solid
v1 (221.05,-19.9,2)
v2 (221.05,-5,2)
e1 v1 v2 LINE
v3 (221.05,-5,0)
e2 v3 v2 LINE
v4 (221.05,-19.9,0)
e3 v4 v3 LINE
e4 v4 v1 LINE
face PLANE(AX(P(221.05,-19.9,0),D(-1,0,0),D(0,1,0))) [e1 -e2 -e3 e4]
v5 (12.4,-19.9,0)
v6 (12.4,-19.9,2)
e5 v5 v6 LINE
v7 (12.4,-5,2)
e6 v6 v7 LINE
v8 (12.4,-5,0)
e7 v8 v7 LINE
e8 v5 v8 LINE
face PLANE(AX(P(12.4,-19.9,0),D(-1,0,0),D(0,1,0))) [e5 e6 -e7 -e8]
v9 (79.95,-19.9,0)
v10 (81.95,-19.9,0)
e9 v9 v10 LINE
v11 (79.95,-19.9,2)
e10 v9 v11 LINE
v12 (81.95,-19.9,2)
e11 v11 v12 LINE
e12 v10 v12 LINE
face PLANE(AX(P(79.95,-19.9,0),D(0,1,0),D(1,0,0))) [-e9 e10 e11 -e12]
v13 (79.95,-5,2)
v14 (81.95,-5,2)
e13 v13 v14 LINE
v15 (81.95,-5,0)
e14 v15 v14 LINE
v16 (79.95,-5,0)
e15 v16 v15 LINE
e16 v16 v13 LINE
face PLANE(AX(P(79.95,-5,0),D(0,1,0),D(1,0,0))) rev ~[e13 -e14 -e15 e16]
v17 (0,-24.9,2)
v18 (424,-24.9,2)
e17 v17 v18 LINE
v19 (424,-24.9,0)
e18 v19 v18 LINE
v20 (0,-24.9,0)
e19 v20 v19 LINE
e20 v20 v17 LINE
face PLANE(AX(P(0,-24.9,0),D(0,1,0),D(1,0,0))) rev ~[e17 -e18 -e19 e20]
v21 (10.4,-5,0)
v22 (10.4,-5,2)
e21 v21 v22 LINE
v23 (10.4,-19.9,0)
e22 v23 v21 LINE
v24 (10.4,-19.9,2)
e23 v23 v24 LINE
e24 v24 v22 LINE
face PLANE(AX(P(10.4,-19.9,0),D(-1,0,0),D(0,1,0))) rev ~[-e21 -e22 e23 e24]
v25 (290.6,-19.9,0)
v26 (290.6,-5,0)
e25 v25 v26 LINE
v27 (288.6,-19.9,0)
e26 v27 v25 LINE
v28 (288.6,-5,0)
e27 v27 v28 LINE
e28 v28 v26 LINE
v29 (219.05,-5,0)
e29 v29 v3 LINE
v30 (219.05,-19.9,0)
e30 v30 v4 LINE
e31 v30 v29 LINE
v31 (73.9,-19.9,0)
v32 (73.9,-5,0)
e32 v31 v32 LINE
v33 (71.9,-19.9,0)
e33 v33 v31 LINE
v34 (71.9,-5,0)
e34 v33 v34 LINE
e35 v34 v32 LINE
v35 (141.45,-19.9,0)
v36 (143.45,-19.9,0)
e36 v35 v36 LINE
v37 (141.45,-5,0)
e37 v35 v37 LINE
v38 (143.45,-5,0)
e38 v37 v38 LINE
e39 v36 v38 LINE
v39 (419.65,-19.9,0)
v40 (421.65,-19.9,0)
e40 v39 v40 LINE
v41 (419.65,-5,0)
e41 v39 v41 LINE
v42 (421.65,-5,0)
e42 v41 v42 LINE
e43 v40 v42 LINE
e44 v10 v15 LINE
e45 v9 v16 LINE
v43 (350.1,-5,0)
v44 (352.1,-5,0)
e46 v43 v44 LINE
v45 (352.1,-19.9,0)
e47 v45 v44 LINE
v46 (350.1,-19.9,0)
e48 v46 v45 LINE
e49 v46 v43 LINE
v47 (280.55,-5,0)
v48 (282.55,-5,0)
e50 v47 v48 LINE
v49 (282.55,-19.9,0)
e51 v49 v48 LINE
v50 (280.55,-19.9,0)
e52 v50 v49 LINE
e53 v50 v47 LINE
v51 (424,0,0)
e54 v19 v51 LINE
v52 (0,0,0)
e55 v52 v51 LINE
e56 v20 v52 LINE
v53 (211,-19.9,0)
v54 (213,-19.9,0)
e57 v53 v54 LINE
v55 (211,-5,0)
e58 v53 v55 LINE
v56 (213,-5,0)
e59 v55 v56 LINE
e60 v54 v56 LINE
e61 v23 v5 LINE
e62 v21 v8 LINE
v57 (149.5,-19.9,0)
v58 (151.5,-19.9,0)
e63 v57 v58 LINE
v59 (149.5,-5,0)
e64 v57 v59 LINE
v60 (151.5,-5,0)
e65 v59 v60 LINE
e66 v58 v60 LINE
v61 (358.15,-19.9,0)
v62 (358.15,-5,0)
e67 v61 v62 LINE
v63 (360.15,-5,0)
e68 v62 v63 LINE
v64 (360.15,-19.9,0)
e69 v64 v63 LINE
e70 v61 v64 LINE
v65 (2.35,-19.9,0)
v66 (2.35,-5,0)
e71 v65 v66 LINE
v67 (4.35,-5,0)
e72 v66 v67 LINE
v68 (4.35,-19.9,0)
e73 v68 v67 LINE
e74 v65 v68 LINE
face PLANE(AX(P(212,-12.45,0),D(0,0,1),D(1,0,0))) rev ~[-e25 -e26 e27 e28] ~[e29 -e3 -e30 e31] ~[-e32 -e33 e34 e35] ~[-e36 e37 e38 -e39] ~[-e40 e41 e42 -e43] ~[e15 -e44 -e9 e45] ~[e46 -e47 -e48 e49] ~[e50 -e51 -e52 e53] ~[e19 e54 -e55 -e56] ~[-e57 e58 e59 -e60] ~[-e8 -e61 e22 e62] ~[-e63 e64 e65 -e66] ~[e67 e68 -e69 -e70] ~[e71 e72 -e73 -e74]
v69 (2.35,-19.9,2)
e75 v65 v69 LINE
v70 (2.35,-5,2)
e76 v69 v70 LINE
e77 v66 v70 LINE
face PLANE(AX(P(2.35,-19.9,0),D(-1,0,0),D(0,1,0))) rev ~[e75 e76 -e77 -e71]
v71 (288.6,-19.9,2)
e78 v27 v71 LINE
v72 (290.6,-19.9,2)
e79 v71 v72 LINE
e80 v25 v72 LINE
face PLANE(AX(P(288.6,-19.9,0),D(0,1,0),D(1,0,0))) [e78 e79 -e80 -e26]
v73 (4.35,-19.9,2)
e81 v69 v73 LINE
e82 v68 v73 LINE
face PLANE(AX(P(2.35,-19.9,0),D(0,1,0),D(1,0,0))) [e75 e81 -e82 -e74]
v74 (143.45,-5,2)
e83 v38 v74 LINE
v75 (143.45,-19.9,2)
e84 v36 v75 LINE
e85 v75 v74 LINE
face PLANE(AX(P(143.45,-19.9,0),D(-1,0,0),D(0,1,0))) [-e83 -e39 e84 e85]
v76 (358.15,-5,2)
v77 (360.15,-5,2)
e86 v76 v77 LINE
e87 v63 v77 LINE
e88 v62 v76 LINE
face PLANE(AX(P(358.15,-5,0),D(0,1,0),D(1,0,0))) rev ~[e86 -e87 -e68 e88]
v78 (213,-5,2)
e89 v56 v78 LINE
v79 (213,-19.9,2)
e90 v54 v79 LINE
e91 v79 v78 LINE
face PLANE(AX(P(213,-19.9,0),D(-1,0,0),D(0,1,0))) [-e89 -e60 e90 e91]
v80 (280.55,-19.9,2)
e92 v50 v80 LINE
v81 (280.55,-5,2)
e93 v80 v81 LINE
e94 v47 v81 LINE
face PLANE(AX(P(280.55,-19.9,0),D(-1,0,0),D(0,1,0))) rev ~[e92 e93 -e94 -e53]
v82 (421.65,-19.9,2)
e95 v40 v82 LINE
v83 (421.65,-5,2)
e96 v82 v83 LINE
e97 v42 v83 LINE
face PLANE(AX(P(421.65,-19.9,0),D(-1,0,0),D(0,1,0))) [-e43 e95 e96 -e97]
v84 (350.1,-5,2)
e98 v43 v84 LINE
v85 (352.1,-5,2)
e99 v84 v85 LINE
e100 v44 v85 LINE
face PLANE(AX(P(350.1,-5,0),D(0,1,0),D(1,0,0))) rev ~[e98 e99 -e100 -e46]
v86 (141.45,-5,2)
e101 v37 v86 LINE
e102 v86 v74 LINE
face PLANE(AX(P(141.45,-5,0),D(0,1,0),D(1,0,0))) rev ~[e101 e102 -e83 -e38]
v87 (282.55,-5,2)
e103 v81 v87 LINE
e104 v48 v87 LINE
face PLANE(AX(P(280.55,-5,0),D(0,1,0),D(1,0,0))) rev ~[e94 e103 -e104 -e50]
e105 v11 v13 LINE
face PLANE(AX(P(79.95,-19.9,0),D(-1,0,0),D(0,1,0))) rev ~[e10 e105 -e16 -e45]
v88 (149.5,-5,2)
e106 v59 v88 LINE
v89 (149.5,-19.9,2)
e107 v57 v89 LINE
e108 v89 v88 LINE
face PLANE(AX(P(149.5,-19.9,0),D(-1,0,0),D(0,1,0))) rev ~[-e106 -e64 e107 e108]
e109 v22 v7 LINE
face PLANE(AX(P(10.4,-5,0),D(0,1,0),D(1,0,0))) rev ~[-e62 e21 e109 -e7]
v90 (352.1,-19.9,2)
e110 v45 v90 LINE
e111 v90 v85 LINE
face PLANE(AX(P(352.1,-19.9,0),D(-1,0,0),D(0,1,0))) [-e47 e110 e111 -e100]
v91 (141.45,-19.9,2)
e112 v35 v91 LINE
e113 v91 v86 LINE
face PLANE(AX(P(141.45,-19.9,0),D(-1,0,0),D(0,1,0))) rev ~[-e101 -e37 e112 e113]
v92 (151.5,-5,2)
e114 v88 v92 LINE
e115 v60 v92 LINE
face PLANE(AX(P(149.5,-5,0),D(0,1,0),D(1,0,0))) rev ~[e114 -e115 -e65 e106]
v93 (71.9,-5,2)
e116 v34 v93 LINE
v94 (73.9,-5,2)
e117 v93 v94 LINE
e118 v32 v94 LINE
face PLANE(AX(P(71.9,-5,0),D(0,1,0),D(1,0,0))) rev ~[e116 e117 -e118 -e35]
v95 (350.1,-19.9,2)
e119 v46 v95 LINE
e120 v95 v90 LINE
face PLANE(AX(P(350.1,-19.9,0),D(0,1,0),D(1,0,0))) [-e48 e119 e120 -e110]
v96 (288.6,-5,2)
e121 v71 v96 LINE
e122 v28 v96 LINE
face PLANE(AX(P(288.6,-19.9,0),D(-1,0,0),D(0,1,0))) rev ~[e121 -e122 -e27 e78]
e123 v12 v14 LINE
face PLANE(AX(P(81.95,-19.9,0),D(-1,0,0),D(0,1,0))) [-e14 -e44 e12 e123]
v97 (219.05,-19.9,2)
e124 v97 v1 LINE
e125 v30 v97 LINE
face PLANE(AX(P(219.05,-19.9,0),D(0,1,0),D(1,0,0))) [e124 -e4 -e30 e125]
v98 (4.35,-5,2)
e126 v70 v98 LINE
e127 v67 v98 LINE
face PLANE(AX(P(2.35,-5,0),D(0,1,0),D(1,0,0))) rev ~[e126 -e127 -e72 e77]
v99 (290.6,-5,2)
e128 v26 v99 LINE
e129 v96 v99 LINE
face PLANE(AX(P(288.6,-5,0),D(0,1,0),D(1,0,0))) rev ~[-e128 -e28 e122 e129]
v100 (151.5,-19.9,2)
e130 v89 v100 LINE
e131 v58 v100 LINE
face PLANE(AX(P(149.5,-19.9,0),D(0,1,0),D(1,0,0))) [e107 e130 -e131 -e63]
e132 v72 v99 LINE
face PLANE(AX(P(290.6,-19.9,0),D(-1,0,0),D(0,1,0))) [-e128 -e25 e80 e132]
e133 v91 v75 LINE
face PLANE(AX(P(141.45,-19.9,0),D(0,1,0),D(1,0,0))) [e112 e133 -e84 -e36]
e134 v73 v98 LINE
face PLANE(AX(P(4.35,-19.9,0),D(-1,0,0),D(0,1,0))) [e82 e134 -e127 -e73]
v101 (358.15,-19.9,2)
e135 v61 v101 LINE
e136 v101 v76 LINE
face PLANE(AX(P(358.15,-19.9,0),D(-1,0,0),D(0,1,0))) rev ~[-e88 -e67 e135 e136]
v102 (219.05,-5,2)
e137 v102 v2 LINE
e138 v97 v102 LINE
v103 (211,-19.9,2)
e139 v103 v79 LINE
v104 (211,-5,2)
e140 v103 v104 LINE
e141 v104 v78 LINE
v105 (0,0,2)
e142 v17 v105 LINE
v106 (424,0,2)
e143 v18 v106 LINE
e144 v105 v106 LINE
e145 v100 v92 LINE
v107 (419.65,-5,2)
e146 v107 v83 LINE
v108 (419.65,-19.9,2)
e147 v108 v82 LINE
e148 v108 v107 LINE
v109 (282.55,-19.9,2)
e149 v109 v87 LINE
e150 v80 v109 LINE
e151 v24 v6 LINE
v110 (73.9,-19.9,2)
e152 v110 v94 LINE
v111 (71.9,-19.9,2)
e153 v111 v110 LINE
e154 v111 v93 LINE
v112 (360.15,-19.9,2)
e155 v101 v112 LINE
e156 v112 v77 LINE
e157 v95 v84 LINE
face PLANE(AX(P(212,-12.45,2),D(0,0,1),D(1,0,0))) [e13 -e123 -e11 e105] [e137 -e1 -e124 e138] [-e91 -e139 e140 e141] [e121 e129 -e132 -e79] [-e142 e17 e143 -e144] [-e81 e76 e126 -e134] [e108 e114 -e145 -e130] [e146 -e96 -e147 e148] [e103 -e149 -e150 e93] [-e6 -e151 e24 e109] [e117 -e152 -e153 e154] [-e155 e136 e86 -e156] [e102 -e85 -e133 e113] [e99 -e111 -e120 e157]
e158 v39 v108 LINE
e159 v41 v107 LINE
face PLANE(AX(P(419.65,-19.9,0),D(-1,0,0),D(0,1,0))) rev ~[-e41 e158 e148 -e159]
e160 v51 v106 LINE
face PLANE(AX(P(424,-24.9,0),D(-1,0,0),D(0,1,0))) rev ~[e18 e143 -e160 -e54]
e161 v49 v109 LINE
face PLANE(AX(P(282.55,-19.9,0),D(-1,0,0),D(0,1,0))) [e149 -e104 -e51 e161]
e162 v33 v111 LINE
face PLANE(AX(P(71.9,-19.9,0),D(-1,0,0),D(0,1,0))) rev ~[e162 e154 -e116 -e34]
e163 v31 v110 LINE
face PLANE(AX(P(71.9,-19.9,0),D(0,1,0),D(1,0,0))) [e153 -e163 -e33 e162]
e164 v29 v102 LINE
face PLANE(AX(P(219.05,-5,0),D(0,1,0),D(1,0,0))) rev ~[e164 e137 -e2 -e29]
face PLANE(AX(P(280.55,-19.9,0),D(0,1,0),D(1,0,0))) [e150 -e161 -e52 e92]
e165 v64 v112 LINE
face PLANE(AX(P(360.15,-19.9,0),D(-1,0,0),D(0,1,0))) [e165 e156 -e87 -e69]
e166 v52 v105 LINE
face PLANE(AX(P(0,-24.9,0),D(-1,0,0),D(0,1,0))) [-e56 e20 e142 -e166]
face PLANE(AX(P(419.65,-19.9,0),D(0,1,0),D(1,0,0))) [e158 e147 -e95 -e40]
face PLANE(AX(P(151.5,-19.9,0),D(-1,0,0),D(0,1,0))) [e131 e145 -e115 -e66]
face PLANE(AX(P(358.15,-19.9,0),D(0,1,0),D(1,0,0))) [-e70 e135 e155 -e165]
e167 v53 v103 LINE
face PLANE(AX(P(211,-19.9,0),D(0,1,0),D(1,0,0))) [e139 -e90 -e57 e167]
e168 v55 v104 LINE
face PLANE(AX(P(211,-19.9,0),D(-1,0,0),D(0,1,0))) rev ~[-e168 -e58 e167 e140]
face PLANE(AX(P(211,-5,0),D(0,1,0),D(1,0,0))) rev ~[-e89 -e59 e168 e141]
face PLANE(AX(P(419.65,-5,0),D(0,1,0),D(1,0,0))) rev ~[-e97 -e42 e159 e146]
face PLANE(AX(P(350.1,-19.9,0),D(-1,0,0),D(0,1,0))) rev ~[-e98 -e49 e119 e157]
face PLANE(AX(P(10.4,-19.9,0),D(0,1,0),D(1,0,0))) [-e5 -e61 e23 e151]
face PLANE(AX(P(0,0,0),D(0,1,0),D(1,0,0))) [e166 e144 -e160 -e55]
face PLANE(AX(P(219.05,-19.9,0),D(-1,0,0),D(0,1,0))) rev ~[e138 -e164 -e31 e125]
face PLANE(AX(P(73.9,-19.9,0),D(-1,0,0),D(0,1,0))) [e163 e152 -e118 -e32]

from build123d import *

# Parameters (mm, degrees)
SKETCH2_W           = 424
SKETCH2_H           = 24.9
SKETCH2_W_2         = 2
SKETCH2_H_2         = 14.9
BOSS_EXTRUDE1_DEPTH = 2


with BuildPart() as part:
    # Sketch2 → Boss-Extrude1 (new body)
    with BuildSketch(Plane.XY):
        with Locations((212, -12.45)):
            Rectangle(SKETCH2_W, SKETCH2_H)
        with Locations((3.35, -12.45)):
            Rectangle(SKETCH2_W_2, SKETCH2_H_2, mode=Mode.SUBTRACT)
        with Locations((11.4, -12.45)):
            Rectangle(SKETCH2_W_2, SKETCH2_H_2, mode=Mode.SUBTRACT)
        with Locations((72.9, -12.45)):
            Rectangle(SKETCH2_W_2, SKETCH2_H_2, mode=Mode.SUBTRACT)
        with Locations((80.95, -12.45)):
            Rectangle(SKETCH2_W_2, SKETCH2_H_2, mode=Mode.SUBTRACT)
        with Locations((142.45, -12.45)):
            Rectangle(SKETCH2_W_2, SKETCH2_H_2, mode=Mode.SUBTRACT)
        with Locations((150.5, -12.45)):
            Rectangle(SKETCH2_W_2, SKETCH2_H_2, mode=Mode.SUBTRACT)
        with Locations((212, -12.45)):
            Rectangle(SKETCH2_W_2, SKETCH2_H_2, mode=Mode.SUBTRACT)
        with Locations((220.05, -12.45)):
            Rectangle(SKETCH2_W_2, SKETCH2_H_2, mode=Mode.SUBTRACT)
        with Locations((281.55, -12.45)):
            Rectangle(SKETCH2_W_2, SKETCH2_H_2, mode=Mode.SUBTRACT)
        with Locations((289.6, -12.45)):
            Rectangle(SKETCH2_W_2, SKETCH2_H_2, mode=Mode.SUBTRACT)
        with Locations((351.1, -12.45)):
            Rectangle(SKETCH2_W_2, SKETCH2_H_2, mode=Mode.SUBTRACT)
        with Locations((359.15, -12.45)):
            Rectangle(SKETCH2_W_2, SKETCH2_H_2, mode=Mode.SUBTRACT)
        with Locations((420.65, -12.45)):
            Rectangle(SKETCH2_W_2, SKETCH2_H_2, mode=Mode.SUBTRACT)
    extrude(amount=BOSS_EXTRUDE1_DEPTH)


solid = part.part
